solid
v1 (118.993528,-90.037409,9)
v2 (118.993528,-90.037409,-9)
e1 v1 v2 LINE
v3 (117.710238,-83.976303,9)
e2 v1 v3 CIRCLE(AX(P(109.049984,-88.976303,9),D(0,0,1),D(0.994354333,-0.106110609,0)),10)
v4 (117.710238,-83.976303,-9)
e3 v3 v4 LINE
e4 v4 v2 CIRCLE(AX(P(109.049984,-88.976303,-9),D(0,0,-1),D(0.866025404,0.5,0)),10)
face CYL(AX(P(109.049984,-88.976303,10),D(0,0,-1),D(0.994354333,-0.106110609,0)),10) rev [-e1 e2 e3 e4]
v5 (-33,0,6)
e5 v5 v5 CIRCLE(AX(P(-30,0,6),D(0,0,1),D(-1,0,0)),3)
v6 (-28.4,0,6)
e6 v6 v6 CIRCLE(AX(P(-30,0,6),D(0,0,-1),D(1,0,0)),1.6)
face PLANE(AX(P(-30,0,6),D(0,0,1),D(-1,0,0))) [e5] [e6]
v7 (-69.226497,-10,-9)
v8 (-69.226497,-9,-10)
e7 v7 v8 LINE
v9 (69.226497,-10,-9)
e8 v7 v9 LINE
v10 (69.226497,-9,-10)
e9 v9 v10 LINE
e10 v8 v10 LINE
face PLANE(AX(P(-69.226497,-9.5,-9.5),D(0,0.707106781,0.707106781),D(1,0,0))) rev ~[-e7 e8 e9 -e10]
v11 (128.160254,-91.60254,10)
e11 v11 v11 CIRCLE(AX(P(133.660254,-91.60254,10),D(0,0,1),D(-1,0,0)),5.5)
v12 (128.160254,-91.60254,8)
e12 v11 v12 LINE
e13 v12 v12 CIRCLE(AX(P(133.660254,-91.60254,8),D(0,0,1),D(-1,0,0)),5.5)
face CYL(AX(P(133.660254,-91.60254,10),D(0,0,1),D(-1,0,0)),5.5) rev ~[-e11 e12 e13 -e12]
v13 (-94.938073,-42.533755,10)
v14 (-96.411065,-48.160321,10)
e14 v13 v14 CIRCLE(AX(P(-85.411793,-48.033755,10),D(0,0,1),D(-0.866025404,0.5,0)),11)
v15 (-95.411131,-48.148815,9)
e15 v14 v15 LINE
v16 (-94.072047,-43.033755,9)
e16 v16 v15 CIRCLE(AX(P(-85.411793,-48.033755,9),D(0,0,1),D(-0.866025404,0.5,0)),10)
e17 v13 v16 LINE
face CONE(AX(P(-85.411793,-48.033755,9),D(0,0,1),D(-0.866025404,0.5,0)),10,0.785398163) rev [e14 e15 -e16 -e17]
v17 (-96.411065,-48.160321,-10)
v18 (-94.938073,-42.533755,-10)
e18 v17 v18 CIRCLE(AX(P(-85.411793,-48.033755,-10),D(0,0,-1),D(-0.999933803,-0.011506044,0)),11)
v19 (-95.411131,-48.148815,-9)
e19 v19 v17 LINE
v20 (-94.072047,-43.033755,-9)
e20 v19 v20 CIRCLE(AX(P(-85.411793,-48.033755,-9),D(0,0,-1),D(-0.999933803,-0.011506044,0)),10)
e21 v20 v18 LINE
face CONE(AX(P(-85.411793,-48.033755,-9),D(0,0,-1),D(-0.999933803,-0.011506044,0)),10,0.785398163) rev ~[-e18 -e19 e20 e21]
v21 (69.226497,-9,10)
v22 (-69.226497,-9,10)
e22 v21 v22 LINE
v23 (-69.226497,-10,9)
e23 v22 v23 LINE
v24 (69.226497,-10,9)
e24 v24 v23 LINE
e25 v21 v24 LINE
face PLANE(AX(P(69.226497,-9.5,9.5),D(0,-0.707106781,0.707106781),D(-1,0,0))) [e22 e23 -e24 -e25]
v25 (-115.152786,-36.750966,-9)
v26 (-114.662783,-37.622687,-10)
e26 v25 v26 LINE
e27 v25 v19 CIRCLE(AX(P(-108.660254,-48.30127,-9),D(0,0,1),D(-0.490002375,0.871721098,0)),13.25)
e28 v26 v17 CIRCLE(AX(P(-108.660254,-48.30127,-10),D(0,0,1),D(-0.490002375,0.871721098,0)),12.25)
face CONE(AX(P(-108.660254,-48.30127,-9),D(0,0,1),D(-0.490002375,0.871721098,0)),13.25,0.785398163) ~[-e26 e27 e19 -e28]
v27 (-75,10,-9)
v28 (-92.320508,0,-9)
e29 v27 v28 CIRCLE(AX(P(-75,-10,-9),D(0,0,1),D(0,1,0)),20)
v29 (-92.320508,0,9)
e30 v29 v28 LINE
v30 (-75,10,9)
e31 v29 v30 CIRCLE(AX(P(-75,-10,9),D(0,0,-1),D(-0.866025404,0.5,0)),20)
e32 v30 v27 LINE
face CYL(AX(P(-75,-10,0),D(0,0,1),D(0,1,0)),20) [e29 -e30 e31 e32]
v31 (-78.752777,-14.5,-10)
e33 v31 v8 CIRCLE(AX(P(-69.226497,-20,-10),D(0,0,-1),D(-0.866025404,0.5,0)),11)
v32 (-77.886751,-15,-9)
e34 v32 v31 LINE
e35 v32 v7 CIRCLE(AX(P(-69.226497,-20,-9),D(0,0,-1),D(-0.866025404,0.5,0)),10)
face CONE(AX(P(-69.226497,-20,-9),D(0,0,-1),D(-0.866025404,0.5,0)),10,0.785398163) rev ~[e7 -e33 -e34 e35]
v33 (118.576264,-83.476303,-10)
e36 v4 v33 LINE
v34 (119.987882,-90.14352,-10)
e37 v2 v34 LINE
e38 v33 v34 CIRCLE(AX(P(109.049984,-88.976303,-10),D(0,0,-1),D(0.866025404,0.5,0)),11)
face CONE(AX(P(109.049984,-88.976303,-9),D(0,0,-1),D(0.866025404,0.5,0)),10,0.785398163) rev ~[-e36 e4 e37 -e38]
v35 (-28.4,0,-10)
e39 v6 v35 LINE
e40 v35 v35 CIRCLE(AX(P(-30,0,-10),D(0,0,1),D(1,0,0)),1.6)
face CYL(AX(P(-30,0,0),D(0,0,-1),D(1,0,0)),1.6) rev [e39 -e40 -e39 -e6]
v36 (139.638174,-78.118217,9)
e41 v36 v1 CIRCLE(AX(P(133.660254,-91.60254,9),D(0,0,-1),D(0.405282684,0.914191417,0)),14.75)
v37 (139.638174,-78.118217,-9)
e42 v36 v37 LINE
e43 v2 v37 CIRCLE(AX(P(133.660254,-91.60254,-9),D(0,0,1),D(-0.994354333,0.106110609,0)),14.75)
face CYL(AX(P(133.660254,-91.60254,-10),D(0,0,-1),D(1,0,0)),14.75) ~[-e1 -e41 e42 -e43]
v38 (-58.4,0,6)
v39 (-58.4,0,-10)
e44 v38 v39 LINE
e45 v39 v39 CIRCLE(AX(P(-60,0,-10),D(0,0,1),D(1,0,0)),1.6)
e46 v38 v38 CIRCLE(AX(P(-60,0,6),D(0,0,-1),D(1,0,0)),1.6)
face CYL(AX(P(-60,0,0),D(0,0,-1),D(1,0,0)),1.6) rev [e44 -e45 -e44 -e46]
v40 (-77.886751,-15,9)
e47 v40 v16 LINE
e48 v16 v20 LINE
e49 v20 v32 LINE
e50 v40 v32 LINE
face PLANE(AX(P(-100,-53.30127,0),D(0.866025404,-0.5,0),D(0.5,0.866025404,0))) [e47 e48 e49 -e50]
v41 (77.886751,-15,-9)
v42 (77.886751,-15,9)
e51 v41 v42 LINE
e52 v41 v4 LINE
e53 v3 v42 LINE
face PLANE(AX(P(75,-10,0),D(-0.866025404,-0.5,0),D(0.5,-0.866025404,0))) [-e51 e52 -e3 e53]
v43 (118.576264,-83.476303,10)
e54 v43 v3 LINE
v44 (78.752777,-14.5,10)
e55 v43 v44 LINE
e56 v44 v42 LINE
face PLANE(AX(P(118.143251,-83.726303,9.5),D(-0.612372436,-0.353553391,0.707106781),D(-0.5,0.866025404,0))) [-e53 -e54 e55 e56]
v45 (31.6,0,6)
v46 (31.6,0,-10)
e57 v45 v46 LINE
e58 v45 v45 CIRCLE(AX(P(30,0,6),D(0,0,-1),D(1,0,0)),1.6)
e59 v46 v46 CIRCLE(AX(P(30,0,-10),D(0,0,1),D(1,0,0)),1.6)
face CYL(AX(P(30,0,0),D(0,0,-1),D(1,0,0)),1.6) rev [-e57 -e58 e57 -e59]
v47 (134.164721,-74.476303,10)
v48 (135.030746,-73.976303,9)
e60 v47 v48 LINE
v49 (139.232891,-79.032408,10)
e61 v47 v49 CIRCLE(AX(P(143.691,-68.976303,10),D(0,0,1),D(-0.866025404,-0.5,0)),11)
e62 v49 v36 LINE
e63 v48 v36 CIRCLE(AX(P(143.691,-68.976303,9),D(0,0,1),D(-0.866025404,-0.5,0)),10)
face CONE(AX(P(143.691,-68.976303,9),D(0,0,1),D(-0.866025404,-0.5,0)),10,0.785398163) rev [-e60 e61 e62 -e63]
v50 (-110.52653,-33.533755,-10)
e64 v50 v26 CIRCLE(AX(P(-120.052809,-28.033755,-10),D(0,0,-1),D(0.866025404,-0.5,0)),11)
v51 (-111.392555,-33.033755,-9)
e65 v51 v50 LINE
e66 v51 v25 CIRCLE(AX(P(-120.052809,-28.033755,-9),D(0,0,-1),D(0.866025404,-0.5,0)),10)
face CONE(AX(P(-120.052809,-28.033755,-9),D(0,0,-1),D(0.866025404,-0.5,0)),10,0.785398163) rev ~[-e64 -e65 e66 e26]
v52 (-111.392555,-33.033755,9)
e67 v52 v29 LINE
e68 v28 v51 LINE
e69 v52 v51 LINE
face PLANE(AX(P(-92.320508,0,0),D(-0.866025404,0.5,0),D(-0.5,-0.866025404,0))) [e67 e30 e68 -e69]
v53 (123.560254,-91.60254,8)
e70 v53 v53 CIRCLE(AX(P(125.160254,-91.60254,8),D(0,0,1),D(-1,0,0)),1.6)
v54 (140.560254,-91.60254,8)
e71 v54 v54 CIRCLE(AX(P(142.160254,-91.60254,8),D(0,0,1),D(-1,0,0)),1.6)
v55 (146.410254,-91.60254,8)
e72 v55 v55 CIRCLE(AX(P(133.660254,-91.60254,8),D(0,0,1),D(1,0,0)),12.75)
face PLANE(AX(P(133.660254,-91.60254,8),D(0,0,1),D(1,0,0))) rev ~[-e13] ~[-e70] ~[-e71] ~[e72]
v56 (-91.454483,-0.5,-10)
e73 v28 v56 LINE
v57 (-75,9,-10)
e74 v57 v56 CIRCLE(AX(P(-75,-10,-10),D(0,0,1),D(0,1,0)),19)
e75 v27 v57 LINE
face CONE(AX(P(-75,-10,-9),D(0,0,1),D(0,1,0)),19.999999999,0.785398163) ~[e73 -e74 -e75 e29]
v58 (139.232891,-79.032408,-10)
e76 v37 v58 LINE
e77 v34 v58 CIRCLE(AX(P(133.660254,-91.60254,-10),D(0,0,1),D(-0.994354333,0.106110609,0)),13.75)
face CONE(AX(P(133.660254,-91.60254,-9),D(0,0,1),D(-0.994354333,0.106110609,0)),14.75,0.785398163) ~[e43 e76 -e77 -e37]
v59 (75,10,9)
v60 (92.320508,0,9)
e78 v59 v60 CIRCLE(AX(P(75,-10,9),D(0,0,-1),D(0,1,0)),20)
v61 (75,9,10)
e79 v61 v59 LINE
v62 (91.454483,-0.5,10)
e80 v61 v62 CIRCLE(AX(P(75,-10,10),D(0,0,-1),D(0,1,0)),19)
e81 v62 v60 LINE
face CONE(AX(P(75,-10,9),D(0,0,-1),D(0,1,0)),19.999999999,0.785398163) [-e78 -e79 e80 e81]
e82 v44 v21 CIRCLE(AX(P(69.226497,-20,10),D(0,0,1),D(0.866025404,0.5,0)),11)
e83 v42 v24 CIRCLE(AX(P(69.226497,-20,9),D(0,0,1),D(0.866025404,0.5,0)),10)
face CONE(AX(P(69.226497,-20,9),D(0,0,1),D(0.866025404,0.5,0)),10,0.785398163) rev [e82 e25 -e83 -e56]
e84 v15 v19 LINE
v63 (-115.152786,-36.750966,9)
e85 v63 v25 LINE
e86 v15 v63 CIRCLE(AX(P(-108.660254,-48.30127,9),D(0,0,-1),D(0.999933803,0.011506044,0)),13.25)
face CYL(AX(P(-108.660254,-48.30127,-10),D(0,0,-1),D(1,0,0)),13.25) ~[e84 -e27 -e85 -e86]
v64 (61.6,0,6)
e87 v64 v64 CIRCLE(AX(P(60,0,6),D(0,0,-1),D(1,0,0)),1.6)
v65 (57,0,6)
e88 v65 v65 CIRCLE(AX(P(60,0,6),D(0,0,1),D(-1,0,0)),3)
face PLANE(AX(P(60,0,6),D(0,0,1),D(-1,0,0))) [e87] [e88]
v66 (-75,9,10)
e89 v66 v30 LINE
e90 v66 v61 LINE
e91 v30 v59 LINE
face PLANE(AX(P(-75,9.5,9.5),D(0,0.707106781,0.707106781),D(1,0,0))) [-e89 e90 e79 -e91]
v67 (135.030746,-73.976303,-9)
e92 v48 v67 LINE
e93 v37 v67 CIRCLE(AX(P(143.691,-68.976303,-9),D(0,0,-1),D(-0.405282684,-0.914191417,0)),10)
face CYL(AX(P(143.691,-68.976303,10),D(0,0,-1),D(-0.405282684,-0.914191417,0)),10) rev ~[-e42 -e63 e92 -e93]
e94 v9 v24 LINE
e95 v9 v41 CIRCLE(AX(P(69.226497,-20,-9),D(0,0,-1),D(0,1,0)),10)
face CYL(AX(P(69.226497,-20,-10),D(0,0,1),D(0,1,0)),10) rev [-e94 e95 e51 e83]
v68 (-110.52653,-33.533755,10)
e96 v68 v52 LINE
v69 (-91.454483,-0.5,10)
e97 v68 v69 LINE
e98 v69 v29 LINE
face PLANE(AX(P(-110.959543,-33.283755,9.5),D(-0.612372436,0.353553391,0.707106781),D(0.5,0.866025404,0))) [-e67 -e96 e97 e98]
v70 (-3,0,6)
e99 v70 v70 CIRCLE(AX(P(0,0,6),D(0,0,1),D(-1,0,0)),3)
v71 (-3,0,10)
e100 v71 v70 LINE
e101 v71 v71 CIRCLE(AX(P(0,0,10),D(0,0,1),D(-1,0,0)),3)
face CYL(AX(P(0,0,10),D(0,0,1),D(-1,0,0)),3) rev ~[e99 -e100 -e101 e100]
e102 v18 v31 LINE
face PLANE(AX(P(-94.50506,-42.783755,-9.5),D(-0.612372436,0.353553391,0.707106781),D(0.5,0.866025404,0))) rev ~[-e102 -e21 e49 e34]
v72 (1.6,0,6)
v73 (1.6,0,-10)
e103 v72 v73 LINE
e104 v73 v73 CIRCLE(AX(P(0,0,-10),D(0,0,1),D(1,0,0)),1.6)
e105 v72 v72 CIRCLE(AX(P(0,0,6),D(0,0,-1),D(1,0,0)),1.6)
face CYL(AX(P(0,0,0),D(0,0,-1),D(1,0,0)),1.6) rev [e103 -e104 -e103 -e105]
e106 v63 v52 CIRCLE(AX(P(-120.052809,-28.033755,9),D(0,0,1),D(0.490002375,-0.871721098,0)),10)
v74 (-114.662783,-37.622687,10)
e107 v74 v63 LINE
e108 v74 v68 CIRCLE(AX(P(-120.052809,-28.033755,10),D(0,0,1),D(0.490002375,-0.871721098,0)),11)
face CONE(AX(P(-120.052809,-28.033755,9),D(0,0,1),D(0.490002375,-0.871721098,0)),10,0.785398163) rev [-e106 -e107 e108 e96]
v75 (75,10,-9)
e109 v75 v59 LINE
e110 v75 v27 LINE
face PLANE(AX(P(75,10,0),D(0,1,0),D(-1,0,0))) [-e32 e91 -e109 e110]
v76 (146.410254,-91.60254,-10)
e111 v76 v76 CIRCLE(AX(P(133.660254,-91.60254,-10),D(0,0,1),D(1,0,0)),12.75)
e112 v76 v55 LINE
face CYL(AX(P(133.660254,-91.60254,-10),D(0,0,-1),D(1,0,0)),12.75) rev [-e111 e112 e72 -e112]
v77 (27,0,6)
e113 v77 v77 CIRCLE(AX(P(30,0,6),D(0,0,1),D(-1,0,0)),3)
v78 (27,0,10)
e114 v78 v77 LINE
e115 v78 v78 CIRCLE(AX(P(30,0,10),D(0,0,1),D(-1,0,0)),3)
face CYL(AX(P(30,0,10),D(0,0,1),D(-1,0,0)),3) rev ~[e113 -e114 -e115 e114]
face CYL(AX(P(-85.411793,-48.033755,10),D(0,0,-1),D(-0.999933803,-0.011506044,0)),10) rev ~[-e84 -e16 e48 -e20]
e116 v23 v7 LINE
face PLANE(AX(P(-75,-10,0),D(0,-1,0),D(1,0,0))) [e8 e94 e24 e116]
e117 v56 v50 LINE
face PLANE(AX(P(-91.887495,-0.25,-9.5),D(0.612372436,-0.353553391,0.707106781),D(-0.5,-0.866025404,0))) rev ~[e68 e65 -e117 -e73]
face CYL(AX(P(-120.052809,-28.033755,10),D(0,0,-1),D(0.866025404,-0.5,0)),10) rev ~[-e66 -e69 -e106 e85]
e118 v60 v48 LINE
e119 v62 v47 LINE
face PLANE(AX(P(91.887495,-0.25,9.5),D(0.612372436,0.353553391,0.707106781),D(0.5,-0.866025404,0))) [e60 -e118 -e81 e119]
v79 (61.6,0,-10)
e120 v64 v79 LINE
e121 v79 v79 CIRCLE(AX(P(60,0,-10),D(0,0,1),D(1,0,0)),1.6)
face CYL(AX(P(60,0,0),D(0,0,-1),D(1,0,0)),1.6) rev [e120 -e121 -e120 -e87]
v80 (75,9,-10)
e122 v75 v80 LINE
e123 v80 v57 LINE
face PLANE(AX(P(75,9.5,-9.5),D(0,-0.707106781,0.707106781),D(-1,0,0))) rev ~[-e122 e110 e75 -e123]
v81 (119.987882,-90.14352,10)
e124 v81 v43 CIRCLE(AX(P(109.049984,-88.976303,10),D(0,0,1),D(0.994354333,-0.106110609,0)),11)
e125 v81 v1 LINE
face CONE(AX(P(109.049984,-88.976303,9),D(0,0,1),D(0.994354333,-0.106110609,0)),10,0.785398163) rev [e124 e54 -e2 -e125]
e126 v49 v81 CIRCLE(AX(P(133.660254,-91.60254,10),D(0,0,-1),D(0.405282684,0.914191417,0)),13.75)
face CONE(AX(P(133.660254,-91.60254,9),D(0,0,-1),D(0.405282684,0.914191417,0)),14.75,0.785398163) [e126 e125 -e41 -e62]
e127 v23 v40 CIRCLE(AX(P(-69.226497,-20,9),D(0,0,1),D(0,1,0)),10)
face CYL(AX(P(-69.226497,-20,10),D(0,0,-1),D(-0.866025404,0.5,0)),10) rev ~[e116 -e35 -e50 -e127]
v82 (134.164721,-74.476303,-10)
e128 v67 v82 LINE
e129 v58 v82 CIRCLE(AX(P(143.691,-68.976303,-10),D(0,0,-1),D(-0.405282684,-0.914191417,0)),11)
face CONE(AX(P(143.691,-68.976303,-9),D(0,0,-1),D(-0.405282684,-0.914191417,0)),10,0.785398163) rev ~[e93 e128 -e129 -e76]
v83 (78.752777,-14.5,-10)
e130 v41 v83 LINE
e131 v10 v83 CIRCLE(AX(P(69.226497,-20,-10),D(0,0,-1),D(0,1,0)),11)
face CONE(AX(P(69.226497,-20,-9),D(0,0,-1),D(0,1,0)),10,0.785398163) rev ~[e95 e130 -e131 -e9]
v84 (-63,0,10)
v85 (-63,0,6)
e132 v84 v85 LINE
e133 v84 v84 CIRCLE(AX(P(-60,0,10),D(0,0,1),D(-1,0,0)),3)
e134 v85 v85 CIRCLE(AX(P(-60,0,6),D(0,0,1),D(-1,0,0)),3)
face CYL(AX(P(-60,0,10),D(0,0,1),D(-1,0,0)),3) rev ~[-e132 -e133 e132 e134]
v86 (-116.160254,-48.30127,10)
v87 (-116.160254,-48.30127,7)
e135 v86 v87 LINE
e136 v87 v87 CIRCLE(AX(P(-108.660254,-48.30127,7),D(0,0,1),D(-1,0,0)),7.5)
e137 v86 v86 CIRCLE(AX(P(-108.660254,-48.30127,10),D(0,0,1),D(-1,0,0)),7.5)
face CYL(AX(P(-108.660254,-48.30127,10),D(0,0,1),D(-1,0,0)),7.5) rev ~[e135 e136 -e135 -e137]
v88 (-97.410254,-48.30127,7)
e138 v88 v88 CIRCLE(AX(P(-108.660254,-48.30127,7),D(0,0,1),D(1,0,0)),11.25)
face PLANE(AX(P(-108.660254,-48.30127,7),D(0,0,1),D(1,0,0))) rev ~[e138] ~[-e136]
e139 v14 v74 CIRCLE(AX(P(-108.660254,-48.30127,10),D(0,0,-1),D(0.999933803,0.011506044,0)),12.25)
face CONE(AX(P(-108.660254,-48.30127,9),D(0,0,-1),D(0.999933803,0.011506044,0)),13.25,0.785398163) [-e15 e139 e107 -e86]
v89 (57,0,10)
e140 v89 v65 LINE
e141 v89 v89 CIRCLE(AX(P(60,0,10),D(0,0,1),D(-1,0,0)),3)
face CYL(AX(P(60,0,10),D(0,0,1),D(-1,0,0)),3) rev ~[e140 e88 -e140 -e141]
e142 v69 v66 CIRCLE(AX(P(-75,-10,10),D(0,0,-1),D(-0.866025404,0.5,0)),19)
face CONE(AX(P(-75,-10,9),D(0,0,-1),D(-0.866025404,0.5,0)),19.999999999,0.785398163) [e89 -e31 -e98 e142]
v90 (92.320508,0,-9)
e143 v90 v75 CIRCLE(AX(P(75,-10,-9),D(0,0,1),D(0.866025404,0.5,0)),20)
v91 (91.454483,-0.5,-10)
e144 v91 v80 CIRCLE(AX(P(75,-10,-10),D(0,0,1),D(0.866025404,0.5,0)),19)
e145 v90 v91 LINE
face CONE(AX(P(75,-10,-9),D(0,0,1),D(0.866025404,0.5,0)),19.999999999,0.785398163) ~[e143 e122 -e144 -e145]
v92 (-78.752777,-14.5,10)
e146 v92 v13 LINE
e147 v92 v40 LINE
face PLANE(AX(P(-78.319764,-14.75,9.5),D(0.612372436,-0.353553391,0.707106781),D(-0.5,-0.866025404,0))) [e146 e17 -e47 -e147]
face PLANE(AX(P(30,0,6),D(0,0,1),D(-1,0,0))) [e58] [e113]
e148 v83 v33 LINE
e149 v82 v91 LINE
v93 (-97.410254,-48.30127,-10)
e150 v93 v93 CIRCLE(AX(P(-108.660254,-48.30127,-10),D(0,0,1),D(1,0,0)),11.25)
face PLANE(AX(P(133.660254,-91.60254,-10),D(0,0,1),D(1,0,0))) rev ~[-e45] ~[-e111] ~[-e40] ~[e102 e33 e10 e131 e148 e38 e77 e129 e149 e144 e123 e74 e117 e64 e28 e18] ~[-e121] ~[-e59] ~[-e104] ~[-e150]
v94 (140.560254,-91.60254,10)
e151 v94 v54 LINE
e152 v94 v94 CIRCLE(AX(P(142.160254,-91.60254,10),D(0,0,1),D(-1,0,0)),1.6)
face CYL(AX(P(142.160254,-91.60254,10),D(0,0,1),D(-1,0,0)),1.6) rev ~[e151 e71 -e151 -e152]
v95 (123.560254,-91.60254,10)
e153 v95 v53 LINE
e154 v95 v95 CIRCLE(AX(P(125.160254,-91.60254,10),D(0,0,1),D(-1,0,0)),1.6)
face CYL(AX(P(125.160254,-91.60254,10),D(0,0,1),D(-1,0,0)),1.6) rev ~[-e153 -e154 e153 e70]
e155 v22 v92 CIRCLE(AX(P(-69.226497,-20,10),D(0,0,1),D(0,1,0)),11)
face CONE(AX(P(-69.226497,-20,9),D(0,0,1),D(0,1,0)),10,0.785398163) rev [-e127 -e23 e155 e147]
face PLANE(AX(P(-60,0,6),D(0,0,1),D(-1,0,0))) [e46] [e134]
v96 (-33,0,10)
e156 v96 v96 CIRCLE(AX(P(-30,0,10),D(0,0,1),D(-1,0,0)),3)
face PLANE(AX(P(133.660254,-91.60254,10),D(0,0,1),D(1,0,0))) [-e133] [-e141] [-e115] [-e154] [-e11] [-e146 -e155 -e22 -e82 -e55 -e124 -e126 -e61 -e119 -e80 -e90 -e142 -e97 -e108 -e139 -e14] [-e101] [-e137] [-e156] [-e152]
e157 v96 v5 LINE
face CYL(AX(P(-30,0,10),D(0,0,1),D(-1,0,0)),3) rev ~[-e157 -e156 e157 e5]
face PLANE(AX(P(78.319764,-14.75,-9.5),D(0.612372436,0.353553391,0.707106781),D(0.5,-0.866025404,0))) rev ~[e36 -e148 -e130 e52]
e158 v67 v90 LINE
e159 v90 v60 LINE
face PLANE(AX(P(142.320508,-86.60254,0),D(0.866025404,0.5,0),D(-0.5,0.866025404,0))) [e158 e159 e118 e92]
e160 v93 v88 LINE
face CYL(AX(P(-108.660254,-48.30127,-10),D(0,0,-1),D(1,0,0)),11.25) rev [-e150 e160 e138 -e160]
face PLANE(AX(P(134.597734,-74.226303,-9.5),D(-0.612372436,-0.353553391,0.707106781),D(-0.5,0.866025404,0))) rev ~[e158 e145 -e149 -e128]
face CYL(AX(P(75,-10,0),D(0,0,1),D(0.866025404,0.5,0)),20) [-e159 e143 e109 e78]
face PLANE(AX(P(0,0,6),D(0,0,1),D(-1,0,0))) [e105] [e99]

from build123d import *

# Parameters (mm, degrees)
SKETCH1_R               = 1.6
BOSS_EXTRUDE1_DEPTH     = 10
SKETCH2_R               = 11.25
SKETCH2_R_2             = 12.75
CUT_EXTRUDE1_DEPTH      = 177.242290049
CUT_EXTRUDE1_DEPTH_BACK = 177.242290049
BOSS_EXTRUDE2_START     = -10
SKETCH2_3_R             = 13.25
SKETCH2_3_R_2           = 11.25
BOSS_EXTRUDE2_DEPTH     = 20
BOSS_EXTRUDE3_START     = 10
SKETCH2_4_R             = 11.25
SKETCH2_4_R_2           = 7.5
BOSS_EXTRUDE3_DEPTH     = 3
BOSS_EXTRUDE4_START     = -10
SKETCH2_5_R             = 14.75
SKETCH2_5_R_2           = 12.75
BOSS_EXTRUDE4_DEPTH     = 20
BOSS_EXTRUDE5_START     = 10
SKETCH2_6_R             = 12.75
SKETCH2_6_R_2           = 1.6
SKETCH2_6_R_3           = 5.5
BOSS_EXTRUDE5_DEPTH     = 2
FILLET1_R               = 10
CUT_EXTRUDE2_START      = 10
SKETCH3_R               = 3
CUT_EXTRUDE2_DEPTH      = 4
CHAMFER1_SIZE           = 1


with BuildPart() as part:
    # Sketch1 → Boss-Extrude1 (new, symmetric)
    with BuildSketch(Plane.XY):
        with BuildLine():
            Line((-75, -10), (75, -10))
            Line((75, -10), (125, -96.602540378))
            ThreePointArc((125, -96.602540378), (138.660254038, -100.262794416), (142.320508076, -86.602540378))
            Line((142.320508076, -86.602540378), (92.320508076, 0))
            ThreePointArc((92.320508076, 0), (85, 7.320508076), (75, 10))
            Line((75, 10), (-75, 10))
            ThreePointArc((-75, 10), (-85, 7.320508076), (-92.320508076, 0))
            Line((-92.320508076, 0), (-117.320508076, -43.301270189))
            ThreePointArc((-117.320508076, -43.301270189), (-113.660254038, -56.961524227), (-100, -53.301270189))
            Line((-100, -53.301270189), (-75, -10))
        make_face()
        Circle(SKETCH1_R, mode=Mode.SUBTRACT)
        with Locations((-60, 0)):
            Circle(SKETCH1_R, mode=Mode.SUBTRACT)
        with Locations((-30, 0)):
            Circle(SKETCH1_R, mode=Mode.SUBTRACT)
        with Locations((30, 0)):
            Circle(SKETCH1_R, mode=Mode.SUBTRACT)
        with Locations((60, 0)):
            Circle(SKETCH1_R, mode=Mode.SUBTRACT)
    extrude(amount=BOSS_EXTRUDE1_DEPTH, both=True)

    # Sketch2 → Cut-Extrude1 (cut, two sides)
    with BuildSketch(Plane.XY) as cut_extrude1_sk:
        with Locations((-108.660254038, -48.301270189)):
            Circle(SKETCH2_R)
        with Locations((133.660254038, -91.602540378)):
            Circle(SKETCH2_R_2)
    extrude(amount=CUT_EXTRUDE1_DEPTH, mode=Mode.SUBTRACT)
    extrude(cut_extrude1_sk.sketch, amount=-CUT_EXTRUDE1_DEPTH_BACK, mode=Mode.SUBTRACT)

    # Sketch2<3> → Boss-Extrude2 (add)
    with BuildSketch(Plane.XY.offset(BOSS_EXTRUDE2_START)):
        with Locations((-108.660254038, -48.301270189)):
            Circle(SKETCH2_3_R)
        with Locations((-108.660254038, -48.301270189)):
            Circle(SKETCH2_3_R_2, mode=Mode.SUBTRACT)
    extrude(amount=BOSS_EXTRUDE2_DEPTH)

    # Sketch2<4> → Boss-Extrude3 (add)
    with BuildSketch(Plane.XY.offset(BOSS_EXTRUDE3_START)):
        with Locations((-108.660254038, -48.301270189)):
            Circle(SKETCH2_4_R)
        with Locations(Location((-108.660254038, -48.301270189, 0), (0, 0, 180))):
            Circle(SKETCH2_4_R_2, mode=Mode.SUBTRACT)
    extrude(amount=-BOSS_EXTRUDE3_DEPTH)

    # Sketch2<5> → Boss-Extrude4 (add)
    with BuildSketch(Plane.XY.offset(BOSS_EXTRUDE4_START)):
        with Locations((133.660254038, -91.602540378)):
            Circle(SKETCH2_5_R)
        with Locations((133.660254038, -91.602540378)):
            Circle(SKETCH2_5_R_2, mode=Mode.SUBTRACT)
    extrude(amount=BOSS_EXTRUDE4_DEPTH)

    # Sketch2<6> → Boss-Extrude5 (add)
    with BuildSketch(Plane.XY.offset(BOSS_EXTRUDE5_START)):
        with Locations((133.660254038, -91.602540378)):
            Circle(SKETCH2_6_R)
        with Locations(Location((125.160254038, -91.602540378, 0), (0, 0, 180))):
            Circle(SKETCH2_6_R_2, mode=Mode.SUBTRACT)
        with Locations(Location((133.660254038, -91.602540378, 0), (0, 0, 180))):
            Circle(SKETCH2_6_R_3, mode=Mode.SUBTRACT)
        with Locations(Location((142.160254038, -91.602540378, 0), (0, 0, 180))):
            Circle(SKETCH2_6_R_2, mode=Mode.SUBTRACT)
    extrude(amount=-BOSS_EXTRUDE5_DEPTH)

    # Fillet1
    fillet1_edges = [part.edges().sort_by_distance(p)[0] for p in [
        (136.899195965, -77.212552359, 0),
        (119.578687889, -87.212552359, 0),
        (75, -10, 0),
        (-75, -10, 0),
        (-112.974173413, -35.773197727, 0),
        (-95.653665337, -45.773197727, 0),
    ]]
    fillet(fillet1_edges, radius=FILLET1_R)

    # Sketch3 → Cut-Extrude2 (cut)
    with BuildSketch(Plane.XY.offset(CUT_EXTRUDE2_START)):
        with Locations(Location((-60, 0, 0), (0, 0, 180))):
            Circle(SKETCH3_R)
        with Locations(Location((-30, 0, 0), (0, 0, 180))):
            Circle(SKETCH3_R)
        with Locations(Location((0, 0, 0), (0, 0, 180))):
            Circle(SKETCH3_R)
        with Locations(Location((30, 0, 0), (0, 0, 180))):
            Circle(SKETCH3_R)
        with Locations(Location((60, 0, 0), (0, 0, 180))):
            Circle(SKETCH3_R)
    extrude(amount=-CUT_EXTRUDE2_DEPTH, mode=Mode.SUBTRACT)

    # Chamfer1
    chamfer1_edges = [part.edges().sort_by_distance(p)[0] for p in [
        (-101.85653165, -16.516877333, -10),
        (-85, 7.320508076, -10),
        (0, 10, -10),
        (85, 7.320508076, -10),
        (141.035254038, -104.376415084, 10),
        (141.035254038, -104.376415084, -10),
        (113.675627248, -36.988151408, -10),
        (113.675627248, -36.988151408, 10),
        (-115.285254038, -59.776106789, -10),
        (-115.285254038, -59.776106789, 10),
        (-85.979399248, -29.016877333, -10),
        (-85.979399248, -29.016877333, 10),
        (97.798494845, -49.488151408, 10),
        (97.798494845, -49.488151408, -10),
        (0, -10, -10),
        (0, -10, 10),
        (137.005608205, -76.413071632, 10),
        (137.005608205, -76.413071632, -10),
        (-113.022539154, -35.145386139, -10),
        (-113.022539154, -35.145386139, 10),
        (-95.085781683, -45.501177894, 10),
        (-95.085781683, -45.501177894, -10),
        (118.83311115, -86.904967699, -10),
        (118.83311115, -86.904967699, 10),
        (74.226497308, -11.339745962, -10),
        (74.226497308, -11.339745962, 10),
        (-74.226497308, -11.339745962, -10),
        (-74.226497308, -11.339745962, 10),
        (85, 7.320508076, 10),
        (0, 10, 10),
        (-85, 7.320508076, 10),
        (-101.85653165, -16.516877333, 10),
    ]]
    chamfer(chamfer1_edges, length=CHAMFER1_SIZE)


solid = part.part
